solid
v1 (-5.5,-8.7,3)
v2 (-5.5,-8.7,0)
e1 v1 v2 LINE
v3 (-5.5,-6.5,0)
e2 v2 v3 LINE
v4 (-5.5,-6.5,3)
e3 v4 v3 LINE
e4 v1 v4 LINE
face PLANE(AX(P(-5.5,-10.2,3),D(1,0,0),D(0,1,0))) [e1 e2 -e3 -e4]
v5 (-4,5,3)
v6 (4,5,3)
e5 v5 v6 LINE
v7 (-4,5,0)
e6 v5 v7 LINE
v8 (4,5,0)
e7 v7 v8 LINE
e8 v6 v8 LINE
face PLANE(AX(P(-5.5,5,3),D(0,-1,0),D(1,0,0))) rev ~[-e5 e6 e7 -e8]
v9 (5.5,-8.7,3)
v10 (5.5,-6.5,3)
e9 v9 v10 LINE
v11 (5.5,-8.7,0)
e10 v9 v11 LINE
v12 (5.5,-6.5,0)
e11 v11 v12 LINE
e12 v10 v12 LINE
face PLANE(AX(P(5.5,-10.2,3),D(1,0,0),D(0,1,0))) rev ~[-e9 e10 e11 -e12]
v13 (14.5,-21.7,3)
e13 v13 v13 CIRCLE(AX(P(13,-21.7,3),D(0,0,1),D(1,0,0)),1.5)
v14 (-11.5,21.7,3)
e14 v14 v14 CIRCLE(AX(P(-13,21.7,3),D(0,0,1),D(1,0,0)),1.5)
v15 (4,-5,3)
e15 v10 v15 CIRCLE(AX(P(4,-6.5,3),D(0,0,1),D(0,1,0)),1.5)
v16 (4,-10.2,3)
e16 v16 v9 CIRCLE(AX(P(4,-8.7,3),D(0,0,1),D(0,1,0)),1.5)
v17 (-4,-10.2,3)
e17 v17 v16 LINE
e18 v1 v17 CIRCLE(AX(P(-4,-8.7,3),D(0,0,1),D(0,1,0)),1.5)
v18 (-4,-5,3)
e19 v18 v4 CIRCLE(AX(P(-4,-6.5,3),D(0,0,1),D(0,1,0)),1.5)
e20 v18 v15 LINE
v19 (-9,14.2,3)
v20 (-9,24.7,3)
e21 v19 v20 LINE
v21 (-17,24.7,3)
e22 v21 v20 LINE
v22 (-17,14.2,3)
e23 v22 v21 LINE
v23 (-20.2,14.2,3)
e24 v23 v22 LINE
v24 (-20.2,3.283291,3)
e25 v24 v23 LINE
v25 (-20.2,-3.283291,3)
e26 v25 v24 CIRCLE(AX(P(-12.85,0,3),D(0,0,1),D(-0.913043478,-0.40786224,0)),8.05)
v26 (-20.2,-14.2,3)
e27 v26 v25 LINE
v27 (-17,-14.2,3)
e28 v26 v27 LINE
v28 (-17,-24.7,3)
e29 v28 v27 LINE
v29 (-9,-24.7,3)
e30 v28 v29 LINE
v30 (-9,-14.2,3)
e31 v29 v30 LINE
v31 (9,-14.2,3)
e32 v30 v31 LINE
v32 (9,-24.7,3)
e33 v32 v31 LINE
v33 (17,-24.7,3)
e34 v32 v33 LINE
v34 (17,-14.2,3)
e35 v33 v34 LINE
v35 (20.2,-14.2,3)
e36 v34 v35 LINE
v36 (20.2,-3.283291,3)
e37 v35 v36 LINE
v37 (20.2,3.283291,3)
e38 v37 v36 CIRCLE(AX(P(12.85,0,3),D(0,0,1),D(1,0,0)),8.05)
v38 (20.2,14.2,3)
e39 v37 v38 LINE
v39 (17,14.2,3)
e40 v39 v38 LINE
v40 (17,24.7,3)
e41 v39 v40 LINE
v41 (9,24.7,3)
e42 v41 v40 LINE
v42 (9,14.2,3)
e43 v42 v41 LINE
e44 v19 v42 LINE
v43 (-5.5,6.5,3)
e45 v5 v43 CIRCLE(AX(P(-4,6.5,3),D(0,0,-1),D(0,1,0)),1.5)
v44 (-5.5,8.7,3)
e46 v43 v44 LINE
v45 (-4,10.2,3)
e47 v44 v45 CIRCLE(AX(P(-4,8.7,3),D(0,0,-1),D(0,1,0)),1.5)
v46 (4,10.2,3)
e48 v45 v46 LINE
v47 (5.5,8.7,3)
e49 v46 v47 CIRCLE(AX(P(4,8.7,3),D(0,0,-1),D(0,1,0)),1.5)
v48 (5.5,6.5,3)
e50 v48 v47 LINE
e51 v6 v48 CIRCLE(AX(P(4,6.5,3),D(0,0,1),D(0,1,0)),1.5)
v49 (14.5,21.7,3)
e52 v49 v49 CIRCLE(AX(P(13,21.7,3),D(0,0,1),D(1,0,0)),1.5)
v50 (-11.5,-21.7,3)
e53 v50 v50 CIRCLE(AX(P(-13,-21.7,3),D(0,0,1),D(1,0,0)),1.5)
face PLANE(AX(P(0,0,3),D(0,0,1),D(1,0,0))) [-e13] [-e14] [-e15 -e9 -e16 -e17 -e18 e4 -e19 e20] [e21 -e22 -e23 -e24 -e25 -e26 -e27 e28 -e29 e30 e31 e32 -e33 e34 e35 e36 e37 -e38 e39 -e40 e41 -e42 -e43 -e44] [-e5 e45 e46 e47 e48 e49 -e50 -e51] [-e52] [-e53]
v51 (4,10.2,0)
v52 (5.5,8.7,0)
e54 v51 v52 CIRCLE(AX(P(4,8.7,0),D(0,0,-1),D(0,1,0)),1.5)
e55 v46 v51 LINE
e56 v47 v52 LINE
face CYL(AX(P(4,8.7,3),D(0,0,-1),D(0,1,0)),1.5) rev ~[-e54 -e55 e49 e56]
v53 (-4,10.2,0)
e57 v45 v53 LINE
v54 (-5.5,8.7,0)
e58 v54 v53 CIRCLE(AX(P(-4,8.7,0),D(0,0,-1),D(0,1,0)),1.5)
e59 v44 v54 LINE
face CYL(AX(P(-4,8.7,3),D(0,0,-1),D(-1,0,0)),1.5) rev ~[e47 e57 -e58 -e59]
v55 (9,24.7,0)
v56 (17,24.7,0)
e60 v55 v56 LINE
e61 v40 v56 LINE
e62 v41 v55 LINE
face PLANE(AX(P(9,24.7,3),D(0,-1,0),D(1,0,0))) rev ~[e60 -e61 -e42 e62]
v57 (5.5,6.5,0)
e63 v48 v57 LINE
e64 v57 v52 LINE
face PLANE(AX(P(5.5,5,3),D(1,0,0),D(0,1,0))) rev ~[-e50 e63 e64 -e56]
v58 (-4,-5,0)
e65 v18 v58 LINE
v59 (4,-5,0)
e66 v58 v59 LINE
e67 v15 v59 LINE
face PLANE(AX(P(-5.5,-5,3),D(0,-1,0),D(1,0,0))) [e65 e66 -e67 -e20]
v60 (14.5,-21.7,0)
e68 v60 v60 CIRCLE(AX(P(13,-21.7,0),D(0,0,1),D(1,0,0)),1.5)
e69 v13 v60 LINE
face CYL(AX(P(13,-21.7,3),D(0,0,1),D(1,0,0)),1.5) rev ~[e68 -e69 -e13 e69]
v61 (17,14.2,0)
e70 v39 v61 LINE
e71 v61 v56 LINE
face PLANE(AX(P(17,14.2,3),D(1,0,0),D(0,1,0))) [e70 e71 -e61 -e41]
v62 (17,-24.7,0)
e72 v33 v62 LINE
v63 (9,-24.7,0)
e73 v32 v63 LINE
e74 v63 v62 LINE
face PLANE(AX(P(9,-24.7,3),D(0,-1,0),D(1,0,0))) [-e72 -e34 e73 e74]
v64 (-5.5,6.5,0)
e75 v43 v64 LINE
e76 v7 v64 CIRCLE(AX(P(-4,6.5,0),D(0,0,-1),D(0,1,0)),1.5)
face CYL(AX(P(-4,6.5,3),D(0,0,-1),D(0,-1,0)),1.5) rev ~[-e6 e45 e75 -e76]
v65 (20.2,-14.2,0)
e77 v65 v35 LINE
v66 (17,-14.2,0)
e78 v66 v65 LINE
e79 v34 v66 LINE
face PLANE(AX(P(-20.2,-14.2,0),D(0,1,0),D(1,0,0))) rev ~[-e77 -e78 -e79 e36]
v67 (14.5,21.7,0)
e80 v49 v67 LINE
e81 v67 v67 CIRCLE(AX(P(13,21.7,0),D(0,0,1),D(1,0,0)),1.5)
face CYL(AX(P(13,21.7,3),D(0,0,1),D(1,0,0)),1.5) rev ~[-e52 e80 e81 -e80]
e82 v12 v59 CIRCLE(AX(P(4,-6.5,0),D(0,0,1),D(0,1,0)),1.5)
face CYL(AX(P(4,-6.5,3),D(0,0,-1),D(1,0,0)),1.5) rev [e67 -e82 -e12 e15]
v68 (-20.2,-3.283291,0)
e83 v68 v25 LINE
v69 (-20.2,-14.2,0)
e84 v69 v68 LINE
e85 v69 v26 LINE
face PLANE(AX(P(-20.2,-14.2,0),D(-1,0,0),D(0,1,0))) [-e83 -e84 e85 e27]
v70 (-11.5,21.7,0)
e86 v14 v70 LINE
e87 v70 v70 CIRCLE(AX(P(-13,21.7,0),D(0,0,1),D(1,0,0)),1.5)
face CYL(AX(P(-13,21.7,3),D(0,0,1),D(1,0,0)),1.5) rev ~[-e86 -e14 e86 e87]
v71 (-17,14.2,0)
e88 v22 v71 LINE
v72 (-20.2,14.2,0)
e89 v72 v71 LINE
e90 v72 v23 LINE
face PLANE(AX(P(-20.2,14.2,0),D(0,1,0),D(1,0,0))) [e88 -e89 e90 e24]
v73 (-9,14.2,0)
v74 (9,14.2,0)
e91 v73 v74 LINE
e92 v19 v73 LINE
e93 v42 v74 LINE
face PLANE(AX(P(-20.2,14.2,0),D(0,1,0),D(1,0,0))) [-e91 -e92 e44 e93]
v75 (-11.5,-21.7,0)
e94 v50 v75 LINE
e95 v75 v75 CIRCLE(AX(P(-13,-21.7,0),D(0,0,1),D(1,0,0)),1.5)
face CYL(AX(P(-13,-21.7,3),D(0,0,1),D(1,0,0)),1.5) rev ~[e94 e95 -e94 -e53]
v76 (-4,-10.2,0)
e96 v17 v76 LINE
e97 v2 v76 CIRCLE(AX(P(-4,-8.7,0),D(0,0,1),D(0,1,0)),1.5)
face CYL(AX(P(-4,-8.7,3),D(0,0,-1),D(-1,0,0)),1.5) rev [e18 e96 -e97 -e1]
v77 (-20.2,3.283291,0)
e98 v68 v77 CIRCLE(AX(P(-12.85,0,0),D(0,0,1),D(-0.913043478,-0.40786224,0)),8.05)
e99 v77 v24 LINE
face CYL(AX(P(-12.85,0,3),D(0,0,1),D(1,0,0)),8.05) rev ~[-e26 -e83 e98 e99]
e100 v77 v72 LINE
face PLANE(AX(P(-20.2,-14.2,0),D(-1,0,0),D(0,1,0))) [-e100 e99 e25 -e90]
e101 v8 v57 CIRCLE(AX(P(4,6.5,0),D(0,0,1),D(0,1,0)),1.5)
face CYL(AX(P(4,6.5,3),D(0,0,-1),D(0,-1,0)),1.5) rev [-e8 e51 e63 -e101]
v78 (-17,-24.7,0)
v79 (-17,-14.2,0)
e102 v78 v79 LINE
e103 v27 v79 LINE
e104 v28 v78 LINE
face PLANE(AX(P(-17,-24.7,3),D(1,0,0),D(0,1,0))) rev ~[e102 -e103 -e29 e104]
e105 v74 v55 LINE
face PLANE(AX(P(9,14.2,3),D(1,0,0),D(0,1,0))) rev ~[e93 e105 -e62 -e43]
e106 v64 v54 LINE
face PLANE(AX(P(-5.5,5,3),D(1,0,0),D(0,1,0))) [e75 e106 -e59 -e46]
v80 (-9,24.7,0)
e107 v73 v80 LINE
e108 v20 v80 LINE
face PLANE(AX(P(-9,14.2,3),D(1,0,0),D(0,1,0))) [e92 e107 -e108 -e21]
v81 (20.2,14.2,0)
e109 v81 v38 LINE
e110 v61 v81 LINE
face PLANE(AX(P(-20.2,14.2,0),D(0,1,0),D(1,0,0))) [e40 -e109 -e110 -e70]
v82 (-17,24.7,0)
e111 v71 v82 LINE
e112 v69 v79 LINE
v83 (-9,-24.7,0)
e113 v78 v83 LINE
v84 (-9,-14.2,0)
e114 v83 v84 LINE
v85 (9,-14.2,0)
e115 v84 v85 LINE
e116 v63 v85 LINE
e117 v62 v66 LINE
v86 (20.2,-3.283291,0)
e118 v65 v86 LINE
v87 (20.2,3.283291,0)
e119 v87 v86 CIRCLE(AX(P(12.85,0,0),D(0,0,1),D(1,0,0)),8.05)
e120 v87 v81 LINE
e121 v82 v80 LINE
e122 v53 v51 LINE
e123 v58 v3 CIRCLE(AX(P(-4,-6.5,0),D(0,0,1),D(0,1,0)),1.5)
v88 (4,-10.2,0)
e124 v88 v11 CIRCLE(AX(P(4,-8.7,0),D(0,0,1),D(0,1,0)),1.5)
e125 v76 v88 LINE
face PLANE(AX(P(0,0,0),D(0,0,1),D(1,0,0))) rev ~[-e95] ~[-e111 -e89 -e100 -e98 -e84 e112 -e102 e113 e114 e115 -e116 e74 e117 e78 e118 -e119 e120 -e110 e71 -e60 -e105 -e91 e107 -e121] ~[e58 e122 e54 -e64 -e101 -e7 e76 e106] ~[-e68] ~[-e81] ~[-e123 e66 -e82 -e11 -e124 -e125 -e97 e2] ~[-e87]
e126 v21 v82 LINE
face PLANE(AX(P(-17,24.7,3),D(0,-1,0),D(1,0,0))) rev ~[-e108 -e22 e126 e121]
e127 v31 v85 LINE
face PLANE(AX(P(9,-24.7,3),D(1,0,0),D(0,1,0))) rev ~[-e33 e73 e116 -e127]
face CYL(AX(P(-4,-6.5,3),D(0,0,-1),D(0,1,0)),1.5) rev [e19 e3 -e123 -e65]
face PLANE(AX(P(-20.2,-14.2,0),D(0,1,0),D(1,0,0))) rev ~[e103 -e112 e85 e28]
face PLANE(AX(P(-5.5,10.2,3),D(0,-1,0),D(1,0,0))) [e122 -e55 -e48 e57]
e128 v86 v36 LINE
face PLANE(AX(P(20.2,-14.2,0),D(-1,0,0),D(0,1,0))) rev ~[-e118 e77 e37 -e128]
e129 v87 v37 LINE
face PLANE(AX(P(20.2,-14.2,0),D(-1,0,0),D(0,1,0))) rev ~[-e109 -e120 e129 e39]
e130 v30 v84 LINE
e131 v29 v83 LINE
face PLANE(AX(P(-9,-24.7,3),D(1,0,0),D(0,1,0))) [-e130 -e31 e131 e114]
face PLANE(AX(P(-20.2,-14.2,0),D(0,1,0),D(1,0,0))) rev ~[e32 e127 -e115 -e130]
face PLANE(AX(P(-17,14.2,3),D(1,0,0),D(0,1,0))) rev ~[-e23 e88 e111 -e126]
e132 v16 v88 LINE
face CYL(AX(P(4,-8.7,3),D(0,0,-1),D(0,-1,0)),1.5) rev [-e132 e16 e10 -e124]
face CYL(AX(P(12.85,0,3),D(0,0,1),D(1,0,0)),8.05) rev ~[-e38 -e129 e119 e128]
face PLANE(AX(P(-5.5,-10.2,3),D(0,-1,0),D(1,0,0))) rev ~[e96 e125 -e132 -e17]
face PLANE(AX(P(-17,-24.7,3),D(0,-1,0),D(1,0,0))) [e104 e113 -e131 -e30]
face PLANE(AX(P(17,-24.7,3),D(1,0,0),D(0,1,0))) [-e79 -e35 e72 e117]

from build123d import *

# Parameters (mm, degrees)
ESBO_O1_W                = 40.4
ESBO_O1_H                = 28.4
RESSALTO_EXTRUS_O1_DEPTH = 3
ESBO_O2_W                = 8
ESBO_O2_H                = 10.5
ESBO_O2_R                = 1.5
RESSALTO_EXTRUS_O2_DEPTH = 3
ESBO_O3_R                = 8.05
ESBO_O3_W                = 11
ESBO_O3_H                = 5.2
CORTE_EXTRUS_O1_DEPTH    = 33.048868935
FILETE1_R                = 1.5
FILETE2_R                = 1.5
FILETE3_R                = 1.5


with BuildPart() as part:
    # Esboço1 → Ressalto-extrusão1 (new body)
    with BuildSketch(Plane.XY):
        Rectangle(ESBO_O1_W, ESBO_O1_H)
    extrude(amount=RESSALTO_EXTRUS_O1_DEPTH)

    # Esboço2 → Ressalto-extrusão2 (add)
    # profile 1 of 4: a face of its own
    with BuildSketch(Plane.XY.offset(3)):
        with Locations((-13, -19.45)):
            Rectangle(ESBO_O2_W, ESBO_O2_H)
        with Locations((-13, -21.7)):
            Circle(ESBO_O2_R, mode=Mode.SUBTRACT)
    # profile 2 of 4: a face of its own
    with BuildSketch(Plane.XY.offset(3)):
        with Locations((13, -19.45)):
            Rectangle(ESBO_O2_W, ESBO_O2_H)
        with Locations((13, -21.7)):
            Circle(ESBO_O2_R, mode=Mode.SUBTRACT)
    # profile 3 of 4: a face of its own
    with BuildSketch(Plane.XY.offset(3)):
        with Locations((13, 19.45)):
            Rectangle(ESBO_O2_W, ESBO_O2_H)
        with Locations((13, 21.7)):
            Circle(ESBO_O2_R, mode=Mode.SUBTRACT)
    # profile 4 of 4: a face of its own
    with BuildSketch(Plane.XY.offset(3)):
        with Locations((-13, 19.45)):
            Rectangle(ESBO_O2_W, ESBO_O2_H)
        with Locations((-13, 21.7)):
            Circle(ESBO_O2_R, mode=Mode.SUBTRACT)
    extrude(amount=-RESSALTO_EXTRUS_O2_DEPTH)

    # Esboço3 → Corte-extrusão1 (cut, through all)
    with BuildSketch(Plane.XY.offset(3)):
        with Locations((-12.85, 0)):
            Circle(ESBO_O3_R)
        with Locations((12.85, 0)):
            Circle(ESBO_O3_R)
        with Locations((0, -7.6)):
            Rectangle(ESBO_O3_W, ESBO_O3_H)
        with Locations((0, 7.6)):
            Rectangle(ESBO_O3_W, ESBO_O3_H)
    extrude(amount=-CORTE_EXTRUS_O1_DEPTH, mode=Mode.SUBTRACT)

    # Filete1
    filete1_edges = [part.edges().sort_by_distance(p)[0] for p in [
        (-5.5, -5, 1.5),
        (5.5, -5, 1.5),
    ]]
    fillet(filete1_edges, radius=FILETE1_R)

    # Filete2
    filete2_edges = [part.edges().sort_by_distance(p)[0] for p in [
        (-5.5, -10.2, 1.5),
        (5.5, -10.2, 1.5),
    ]]
    fillet(filete2_edges, radius=FILETE2_R)

    # Filete3
    filete3_edges = [part.edges().sort_by_distance(p)[0] for p in [
        (5.5, 10.2, 1.5),
        (5.5, 5, 1.5),
        (-5.5, 5, 1.5),
        (-5.5, 10.2, 1.5),
    ]]
    fillet(filete3_edges, radius=FILETE3_R)


solid = part.part
